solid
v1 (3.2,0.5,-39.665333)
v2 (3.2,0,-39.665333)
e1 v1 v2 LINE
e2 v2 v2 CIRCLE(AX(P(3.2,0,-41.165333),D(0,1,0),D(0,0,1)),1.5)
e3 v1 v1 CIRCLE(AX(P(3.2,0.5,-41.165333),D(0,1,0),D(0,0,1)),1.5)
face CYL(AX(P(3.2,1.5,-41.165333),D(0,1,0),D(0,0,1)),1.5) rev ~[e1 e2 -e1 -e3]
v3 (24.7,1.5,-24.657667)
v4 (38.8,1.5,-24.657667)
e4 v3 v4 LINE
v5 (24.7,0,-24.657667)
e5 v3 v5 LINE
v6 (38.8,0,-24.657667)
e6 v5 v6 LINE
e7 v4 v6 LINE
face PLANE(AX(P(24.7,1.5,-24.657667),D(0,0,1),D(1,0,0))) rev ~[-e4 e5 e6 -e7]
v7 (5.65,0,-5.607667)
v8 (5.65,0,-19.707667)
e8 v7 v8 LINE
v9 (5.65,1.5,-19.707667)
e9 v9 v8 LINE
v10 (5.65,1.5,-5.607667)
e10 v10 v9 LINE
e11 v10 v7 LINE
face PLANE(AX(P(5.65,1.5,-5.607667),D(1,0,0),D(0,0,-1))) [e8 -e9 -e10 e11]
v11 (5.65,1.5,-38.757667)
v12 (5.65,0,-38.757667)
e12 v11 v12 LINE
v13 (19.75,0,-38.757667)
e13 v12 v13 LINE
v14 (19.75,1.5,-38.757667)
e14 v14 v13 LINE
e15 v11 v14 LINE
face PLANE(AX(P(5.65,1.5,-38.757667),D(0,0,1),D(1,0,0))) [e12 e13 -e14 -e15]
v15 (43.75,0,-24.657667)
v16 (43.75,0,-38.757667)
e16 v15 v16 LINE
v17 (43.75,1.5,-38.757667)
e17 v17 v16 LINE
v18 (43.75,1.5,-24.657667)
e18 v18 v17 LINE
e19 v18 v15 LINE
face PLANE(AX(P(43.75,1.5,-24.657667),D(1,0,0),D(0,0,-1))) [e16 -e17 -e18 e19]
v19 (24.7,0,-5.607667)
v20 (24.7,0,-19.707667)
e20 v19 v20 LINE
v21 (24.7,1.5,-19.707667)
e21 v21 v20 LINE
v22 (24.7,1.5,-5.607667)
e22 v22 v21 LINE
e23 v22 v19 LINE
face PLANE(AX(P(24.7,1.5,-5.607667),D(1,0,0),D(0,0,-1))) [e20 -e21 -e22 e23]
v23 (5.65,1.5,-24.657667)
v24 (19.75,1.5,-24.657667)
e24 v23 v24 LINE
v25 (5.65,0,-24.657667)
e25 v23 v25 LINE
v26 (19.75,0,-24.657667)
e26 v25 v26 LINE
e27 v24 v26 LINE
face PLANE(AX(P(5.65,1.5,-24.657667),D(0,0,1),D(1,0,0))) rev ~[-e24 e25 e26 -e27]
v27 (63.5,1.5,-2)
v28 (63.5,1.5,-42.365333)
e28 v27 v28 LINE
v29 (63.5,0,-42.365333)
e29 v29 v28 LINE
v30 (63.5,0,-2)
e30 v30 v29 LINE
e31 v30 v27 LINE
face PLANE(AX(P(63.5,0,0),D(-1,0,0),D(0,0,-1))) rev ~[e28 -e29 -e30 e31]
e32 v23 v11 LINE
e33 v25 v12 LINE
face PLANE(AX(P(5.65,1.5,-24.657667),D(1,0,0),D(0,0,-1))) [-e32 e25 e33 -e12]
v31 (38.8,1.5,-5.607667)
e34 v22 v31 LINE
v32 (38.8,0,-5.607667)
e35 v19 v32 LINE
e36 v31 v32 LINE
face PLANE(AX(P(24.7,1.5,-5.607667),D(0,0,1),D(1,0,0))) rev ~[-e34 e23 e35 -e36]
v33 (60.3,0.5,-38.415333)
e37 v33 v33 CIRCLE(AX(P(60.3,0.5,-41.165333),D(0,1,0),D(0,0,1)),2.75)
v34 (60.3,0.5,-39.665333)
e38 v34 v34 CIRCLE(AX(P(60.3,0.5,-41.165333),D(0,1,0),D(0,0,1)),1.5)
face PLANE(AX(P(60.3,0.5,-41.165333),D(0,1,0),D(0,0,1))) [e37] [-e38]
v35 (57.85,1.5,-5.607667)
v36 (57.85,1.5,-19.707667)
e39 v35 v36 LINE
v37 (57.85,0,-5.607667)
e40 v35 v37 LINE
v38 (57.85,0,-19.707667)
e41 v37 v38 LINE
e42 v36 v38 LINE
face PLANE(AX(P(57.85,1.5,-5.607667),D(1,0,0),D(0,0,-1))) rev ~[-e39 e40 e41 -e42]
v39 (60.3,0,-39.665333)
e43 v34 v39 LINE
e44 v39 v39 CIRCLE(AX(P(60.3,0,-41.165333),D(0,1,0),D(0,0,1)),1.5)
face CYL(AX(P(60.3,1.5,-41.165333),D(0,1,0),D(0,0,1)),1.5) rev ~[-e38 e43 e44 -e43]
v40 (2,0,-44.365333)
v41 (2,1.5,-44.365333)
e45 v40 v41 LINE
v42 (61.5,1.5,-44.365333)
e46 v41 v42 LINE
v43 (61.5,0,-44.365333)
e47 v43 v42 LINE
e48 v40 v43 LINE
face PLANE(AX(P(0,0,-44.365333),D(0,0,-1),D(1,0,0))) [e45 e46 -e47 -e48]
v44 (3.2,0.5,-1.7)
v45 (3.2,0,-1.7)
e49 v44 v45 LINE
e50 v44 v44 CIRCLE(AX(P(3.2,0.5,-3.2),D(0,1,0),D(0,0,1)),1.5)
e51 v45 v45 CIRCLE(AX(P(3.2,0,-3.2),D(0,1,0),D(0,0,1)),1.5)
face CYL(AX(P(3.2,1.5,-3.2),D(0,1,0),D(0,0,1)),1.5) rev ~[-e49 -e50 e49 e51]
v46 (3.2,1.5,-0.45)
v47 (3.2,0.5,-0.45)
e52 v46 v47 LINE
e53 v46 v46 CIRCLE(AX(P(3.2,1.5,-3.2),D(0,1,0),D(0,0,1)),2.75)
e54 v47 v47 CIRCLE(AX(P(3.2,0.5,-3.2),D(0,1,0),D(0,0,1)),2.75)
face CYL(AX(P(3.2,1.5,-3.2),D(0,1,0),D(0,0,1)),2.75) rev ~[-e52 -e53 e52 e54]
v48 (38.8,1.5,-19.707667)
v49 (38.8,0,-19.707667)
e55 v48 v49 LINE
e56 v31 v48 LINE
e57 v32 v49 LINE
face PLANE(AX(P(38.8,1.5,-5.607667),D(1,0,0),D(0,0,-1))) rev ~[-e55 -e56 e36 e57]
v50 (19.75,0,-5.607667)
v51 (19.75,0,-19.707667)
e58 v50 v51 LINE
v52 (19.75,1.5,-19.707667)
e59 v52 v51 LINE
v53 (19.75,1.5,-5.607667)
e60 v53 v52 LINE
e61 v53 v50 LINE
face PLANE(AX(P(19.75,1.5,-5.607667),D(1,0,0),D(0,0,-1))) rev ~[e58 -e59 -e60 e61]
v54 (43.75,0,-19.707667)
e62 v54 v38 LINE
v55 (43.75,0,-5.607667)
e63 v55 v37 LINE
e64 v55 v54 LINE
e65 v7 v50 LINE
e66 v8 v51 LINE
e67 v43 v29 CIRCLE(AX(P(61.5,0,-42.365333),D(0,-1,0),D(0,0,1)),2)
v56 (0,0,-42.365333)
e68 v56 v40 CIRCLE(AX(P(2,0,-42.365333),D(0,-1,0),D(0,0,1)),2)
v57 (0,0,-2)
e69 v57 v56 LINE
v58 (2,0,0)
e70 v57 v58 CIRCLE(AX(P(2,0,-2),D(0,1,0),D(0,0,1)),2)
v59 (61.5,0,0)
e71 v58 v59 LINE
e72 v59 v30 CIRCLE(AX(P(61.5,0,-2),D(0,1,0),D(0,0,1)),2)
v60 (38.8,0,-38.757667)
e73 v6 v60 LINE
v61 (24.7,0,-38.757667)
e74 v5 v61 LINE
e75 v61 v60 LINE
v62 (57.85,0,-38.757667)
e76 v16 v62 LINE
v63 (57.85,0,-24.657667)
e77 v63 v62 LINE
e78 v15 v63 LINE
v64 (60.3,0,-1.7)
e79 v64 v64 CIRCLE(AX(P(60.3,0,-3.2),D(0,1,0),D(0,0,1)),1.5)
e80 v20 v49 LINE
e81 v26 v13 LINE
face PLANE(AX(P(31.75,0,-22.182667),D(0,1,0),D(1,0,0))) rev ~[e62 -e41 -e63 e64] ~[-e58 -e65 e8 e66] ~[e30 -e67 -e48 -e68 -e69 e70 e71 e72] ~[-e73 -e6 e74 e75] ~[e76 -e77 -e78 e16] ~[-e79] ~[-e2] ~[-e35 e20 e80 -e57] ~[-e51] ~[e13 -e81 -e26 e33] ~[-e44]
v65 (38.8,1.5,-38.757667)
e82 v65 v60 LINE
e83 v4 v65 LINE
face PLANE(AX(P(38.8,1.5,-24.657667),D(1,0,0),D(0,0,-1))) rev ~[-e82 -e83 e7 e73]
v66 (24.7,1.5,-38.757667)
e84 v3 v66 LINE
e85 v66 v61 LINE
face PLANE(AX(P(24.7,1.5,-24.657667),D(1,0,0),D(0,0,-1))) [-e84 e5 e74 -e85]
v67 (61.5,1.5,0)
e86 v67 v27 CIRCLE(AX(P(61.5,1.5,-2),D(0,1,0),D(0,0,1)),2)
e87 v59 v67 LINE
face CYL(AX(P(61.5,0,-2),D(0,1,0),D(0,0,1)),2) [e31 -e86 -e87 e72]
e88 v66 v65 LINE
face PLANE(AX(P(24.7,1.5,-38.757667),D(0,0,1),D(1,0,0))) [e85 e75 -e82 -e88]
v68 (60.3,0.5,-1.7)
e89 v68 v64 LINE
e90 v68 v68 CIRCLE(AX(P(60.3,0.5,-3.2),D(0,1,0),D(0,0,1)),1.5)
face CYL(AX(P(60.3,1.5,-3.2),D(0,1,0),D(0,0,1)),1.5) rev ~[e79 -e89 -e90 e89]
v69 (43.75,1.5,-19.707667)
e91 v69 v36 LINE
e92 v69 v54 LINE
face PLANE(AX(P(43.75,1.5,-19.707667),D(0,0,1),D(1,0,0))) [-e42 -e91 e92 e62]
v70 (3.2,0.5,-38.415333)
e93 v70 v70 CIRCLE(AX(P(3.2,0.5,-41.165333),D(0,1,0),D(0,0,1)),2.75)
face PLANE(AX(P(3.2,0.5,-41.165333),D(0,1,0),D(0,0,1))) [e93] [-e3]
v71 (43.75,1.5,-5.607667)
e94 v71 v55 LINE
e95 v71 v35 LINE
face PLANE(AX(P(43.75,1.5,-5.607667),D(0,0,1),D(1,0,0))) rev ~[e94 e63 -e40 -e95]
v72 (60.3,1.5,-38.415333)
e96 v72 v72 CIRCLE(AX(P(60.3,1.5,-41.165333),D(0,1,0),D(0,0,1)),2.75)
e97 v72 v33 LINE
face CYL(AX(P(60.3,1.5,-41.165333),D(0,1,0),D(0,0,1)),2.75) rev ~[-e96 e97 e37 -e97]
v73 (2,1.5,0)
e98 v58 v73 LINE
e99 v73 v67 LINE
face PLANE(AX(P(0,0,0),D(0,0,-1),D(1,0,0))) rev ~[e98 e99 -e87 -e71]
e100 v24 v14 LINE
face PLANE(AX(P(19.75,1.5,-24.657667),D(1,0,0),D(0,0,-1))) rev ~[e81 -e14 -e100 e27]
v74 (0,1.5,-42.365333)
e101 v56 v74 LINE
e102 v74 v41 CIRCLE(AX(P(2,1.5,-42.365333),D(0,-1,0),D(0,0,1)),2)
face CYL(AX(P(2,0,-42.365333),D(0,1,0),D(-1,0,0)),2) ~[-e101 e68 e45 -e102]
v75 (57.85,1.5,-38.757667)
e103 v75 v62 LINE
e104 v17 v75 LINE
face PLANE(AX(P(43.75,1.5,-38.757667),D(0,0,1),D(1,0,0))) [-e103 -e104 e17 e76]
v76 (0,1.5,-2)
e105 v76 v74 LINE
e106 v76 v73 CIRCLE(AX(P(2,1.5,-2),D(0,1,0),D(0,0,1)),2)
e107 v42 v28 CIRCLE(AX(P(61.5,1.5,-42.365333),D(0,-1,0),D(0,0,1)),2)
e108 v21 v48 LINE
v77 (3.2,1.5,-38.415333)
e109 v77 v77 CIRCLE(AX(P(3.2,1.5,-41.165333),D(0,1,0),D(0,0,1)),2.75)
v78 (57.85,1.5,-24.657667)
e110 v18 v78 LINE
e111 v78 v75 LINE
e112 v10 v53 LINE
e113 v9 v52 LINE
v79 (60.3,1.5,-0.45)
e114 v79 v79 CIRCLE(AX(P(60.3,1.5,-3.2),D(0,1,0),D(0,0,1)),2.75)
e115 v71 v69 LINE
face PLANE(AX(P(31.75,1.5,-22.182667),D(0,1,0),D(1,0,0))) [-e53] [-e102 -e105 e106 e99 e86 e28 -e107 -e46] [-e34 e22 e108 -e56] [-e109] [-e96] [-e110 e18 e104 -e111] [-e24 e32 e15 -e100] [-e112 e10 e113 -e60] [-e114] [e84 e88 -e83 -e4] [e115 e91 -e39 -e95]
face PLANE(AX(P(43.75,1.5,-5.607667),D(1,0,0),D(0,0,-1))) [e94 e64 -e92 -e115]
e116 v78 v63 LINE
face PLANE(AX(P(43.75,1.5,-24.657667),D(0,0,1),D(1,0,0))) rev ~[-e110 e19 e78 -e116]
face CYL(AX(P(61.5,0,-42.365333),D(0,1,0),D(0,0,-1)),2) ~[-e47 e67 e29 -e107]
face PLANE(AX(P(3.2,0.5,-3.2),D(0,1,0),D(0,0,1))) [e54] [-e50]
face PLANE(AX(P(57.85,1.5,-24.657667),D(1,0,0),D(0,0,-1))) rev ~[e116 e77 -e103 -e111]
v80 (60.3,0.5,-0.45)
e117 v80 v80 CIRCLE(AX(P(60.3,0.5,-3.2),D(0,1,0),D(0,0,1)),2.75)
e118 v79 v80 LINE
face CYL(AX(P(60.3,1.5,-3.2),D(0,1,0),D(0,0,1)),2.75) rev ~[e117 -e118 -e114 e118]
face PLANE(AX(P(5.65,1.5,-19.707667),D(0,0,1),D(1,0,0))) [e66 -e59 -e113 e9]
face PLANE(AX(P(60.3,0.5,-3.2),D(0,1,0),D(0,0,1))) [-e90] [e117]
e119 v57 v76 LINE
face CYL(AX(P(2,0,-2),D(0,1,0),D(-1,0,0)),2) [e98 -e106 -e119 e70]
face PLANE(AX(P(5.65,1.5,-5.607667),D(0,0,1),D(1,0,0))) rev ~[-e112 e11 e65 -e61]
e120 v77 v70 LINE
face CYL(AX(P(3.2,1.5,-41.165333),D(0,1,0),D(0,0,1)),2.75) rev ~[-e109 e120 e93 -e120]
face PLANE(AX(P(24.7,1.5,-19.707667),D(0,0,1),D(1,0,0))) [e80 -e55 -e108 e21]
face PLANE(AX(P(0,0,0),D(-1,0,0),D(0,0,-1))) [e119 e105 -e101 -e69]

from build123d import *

# Parameters (mm, degrees)
SKETCH1_W           = 63.5
SKETCH1_H           = 44.36533333
BOSS_EXTRUDE1_DEPTH = 1.5
SKETCH2_R           = 1.5
SKETCH2_W           = 14.1
SKETCH2_H           = 14.1
CUT_EXTRUDE1_DEPTH  = 78.477627748
SKETCH4_R           = 2.75
CUT_EXTRUDE2_DEPTH  = 1
FILLET1_R           = 2


with BuildPart() as part:
    # Sketch1 → Boss-Extrude1 (new body)
    with BuildSketch(Plane(origin=(0, 0, 0), x_dir=(1, 0, 0), z_dir=(0, 1, 0))):
        with Locations((31.75, 22.182666665)):
            Rectangle(SKETCH1_W, SKETCH1_H)
    extrude(amount=BOSS_EXTRUDE1_DEPTH)

    # Sketch2 → Cut-Extrude1 (cut, through all)
    with BuildSketch(Plane(origin=(0, 1.5, 0), x_dir=(1, 0, 0), z_dir=(0, 1, 0))):
        with Locations(Location((3.2, 41.16533333, 0), (0, 0, 270))):
            Circle(SKETCH2_R)
        with Locations(Location((60.3, 41.16533333, 0), (0, 0, 270))):
            Circle(SKETCH2_R)
        with Locations(Location((60.3, 3.2, 0), (0, 0, 270))):
            Circle(SKETCH2_R)
        with Locations(Location((3.2, 3.2, 0), (0, 0, 270))):
            Circle(SKETCH2_R)
        with Locations((12.7, 31.70766667)):
            Rectangle(SKETCH2_W, SKETCH2_H)
        with Locations((31.75, 31.70766667)):
            Rectangle(SKETCH2_W, SKETCH2_H)
        with Locations((50.8, 31.70766667)):
            Rectangle(SKETCH2_W, SKETCH2_H)
        with Locations((12.7, 12.65766667)):
            Rectangle(SKETCH2_W, SKETCH2_H)
        with Locations((31.75, 12.65766667)):
            Rectangle(SKETCH2_W, SKETCH2_H)
        with Locations((50.8, 12.65766667)):
            Rectangle(SKETCH2_W, SKETCH2_H)
    extrude(amount=-CUT_EXTRUDE1_DEPTH, mode=Mode.SUBTRACT)

    # Sketch4 → Cut-Extrude2 (cut)
    with BuildSketch(Plane(origin=(0, 1.5, 0), x_dir=(1, 0, 0), z_dir=(0, 1, 0))):
        with Locations(Location((3.2, 41.16533333, 0), (0, 0, 270))):
            Circle(SKETCH4_R)
        with Locations(Location((60.3, 41.16533333, 0), (0, 0, 270))):
            Circle(SKETCH4_R)
        with Locations(Location((60.3, 3.2, 0), (0, 0, 270))):
            Circle(SKETCH4_R)
        with Locations(Location((3.2, 3.2, 0), (0, 0, 270))):
            Circle(SKETCH4_R)
    extrude(amount=-CUT_EXTRUDE2_DEPTH, mode=Mode.SUBTRACT)

    # Fillet1
    fillet1_edges = [part.edges().sort_by_distance(p)[0] for p in [
        (0, 0.75, -44.36533333),
        (63.5, 0.75, -44.36533333),
        (63.5, 0.75, 0),
        (0, 0.75, 0),
    ]]
    fillet(fillet1_edges, radius=FILLET1_R)


solid = part.part
